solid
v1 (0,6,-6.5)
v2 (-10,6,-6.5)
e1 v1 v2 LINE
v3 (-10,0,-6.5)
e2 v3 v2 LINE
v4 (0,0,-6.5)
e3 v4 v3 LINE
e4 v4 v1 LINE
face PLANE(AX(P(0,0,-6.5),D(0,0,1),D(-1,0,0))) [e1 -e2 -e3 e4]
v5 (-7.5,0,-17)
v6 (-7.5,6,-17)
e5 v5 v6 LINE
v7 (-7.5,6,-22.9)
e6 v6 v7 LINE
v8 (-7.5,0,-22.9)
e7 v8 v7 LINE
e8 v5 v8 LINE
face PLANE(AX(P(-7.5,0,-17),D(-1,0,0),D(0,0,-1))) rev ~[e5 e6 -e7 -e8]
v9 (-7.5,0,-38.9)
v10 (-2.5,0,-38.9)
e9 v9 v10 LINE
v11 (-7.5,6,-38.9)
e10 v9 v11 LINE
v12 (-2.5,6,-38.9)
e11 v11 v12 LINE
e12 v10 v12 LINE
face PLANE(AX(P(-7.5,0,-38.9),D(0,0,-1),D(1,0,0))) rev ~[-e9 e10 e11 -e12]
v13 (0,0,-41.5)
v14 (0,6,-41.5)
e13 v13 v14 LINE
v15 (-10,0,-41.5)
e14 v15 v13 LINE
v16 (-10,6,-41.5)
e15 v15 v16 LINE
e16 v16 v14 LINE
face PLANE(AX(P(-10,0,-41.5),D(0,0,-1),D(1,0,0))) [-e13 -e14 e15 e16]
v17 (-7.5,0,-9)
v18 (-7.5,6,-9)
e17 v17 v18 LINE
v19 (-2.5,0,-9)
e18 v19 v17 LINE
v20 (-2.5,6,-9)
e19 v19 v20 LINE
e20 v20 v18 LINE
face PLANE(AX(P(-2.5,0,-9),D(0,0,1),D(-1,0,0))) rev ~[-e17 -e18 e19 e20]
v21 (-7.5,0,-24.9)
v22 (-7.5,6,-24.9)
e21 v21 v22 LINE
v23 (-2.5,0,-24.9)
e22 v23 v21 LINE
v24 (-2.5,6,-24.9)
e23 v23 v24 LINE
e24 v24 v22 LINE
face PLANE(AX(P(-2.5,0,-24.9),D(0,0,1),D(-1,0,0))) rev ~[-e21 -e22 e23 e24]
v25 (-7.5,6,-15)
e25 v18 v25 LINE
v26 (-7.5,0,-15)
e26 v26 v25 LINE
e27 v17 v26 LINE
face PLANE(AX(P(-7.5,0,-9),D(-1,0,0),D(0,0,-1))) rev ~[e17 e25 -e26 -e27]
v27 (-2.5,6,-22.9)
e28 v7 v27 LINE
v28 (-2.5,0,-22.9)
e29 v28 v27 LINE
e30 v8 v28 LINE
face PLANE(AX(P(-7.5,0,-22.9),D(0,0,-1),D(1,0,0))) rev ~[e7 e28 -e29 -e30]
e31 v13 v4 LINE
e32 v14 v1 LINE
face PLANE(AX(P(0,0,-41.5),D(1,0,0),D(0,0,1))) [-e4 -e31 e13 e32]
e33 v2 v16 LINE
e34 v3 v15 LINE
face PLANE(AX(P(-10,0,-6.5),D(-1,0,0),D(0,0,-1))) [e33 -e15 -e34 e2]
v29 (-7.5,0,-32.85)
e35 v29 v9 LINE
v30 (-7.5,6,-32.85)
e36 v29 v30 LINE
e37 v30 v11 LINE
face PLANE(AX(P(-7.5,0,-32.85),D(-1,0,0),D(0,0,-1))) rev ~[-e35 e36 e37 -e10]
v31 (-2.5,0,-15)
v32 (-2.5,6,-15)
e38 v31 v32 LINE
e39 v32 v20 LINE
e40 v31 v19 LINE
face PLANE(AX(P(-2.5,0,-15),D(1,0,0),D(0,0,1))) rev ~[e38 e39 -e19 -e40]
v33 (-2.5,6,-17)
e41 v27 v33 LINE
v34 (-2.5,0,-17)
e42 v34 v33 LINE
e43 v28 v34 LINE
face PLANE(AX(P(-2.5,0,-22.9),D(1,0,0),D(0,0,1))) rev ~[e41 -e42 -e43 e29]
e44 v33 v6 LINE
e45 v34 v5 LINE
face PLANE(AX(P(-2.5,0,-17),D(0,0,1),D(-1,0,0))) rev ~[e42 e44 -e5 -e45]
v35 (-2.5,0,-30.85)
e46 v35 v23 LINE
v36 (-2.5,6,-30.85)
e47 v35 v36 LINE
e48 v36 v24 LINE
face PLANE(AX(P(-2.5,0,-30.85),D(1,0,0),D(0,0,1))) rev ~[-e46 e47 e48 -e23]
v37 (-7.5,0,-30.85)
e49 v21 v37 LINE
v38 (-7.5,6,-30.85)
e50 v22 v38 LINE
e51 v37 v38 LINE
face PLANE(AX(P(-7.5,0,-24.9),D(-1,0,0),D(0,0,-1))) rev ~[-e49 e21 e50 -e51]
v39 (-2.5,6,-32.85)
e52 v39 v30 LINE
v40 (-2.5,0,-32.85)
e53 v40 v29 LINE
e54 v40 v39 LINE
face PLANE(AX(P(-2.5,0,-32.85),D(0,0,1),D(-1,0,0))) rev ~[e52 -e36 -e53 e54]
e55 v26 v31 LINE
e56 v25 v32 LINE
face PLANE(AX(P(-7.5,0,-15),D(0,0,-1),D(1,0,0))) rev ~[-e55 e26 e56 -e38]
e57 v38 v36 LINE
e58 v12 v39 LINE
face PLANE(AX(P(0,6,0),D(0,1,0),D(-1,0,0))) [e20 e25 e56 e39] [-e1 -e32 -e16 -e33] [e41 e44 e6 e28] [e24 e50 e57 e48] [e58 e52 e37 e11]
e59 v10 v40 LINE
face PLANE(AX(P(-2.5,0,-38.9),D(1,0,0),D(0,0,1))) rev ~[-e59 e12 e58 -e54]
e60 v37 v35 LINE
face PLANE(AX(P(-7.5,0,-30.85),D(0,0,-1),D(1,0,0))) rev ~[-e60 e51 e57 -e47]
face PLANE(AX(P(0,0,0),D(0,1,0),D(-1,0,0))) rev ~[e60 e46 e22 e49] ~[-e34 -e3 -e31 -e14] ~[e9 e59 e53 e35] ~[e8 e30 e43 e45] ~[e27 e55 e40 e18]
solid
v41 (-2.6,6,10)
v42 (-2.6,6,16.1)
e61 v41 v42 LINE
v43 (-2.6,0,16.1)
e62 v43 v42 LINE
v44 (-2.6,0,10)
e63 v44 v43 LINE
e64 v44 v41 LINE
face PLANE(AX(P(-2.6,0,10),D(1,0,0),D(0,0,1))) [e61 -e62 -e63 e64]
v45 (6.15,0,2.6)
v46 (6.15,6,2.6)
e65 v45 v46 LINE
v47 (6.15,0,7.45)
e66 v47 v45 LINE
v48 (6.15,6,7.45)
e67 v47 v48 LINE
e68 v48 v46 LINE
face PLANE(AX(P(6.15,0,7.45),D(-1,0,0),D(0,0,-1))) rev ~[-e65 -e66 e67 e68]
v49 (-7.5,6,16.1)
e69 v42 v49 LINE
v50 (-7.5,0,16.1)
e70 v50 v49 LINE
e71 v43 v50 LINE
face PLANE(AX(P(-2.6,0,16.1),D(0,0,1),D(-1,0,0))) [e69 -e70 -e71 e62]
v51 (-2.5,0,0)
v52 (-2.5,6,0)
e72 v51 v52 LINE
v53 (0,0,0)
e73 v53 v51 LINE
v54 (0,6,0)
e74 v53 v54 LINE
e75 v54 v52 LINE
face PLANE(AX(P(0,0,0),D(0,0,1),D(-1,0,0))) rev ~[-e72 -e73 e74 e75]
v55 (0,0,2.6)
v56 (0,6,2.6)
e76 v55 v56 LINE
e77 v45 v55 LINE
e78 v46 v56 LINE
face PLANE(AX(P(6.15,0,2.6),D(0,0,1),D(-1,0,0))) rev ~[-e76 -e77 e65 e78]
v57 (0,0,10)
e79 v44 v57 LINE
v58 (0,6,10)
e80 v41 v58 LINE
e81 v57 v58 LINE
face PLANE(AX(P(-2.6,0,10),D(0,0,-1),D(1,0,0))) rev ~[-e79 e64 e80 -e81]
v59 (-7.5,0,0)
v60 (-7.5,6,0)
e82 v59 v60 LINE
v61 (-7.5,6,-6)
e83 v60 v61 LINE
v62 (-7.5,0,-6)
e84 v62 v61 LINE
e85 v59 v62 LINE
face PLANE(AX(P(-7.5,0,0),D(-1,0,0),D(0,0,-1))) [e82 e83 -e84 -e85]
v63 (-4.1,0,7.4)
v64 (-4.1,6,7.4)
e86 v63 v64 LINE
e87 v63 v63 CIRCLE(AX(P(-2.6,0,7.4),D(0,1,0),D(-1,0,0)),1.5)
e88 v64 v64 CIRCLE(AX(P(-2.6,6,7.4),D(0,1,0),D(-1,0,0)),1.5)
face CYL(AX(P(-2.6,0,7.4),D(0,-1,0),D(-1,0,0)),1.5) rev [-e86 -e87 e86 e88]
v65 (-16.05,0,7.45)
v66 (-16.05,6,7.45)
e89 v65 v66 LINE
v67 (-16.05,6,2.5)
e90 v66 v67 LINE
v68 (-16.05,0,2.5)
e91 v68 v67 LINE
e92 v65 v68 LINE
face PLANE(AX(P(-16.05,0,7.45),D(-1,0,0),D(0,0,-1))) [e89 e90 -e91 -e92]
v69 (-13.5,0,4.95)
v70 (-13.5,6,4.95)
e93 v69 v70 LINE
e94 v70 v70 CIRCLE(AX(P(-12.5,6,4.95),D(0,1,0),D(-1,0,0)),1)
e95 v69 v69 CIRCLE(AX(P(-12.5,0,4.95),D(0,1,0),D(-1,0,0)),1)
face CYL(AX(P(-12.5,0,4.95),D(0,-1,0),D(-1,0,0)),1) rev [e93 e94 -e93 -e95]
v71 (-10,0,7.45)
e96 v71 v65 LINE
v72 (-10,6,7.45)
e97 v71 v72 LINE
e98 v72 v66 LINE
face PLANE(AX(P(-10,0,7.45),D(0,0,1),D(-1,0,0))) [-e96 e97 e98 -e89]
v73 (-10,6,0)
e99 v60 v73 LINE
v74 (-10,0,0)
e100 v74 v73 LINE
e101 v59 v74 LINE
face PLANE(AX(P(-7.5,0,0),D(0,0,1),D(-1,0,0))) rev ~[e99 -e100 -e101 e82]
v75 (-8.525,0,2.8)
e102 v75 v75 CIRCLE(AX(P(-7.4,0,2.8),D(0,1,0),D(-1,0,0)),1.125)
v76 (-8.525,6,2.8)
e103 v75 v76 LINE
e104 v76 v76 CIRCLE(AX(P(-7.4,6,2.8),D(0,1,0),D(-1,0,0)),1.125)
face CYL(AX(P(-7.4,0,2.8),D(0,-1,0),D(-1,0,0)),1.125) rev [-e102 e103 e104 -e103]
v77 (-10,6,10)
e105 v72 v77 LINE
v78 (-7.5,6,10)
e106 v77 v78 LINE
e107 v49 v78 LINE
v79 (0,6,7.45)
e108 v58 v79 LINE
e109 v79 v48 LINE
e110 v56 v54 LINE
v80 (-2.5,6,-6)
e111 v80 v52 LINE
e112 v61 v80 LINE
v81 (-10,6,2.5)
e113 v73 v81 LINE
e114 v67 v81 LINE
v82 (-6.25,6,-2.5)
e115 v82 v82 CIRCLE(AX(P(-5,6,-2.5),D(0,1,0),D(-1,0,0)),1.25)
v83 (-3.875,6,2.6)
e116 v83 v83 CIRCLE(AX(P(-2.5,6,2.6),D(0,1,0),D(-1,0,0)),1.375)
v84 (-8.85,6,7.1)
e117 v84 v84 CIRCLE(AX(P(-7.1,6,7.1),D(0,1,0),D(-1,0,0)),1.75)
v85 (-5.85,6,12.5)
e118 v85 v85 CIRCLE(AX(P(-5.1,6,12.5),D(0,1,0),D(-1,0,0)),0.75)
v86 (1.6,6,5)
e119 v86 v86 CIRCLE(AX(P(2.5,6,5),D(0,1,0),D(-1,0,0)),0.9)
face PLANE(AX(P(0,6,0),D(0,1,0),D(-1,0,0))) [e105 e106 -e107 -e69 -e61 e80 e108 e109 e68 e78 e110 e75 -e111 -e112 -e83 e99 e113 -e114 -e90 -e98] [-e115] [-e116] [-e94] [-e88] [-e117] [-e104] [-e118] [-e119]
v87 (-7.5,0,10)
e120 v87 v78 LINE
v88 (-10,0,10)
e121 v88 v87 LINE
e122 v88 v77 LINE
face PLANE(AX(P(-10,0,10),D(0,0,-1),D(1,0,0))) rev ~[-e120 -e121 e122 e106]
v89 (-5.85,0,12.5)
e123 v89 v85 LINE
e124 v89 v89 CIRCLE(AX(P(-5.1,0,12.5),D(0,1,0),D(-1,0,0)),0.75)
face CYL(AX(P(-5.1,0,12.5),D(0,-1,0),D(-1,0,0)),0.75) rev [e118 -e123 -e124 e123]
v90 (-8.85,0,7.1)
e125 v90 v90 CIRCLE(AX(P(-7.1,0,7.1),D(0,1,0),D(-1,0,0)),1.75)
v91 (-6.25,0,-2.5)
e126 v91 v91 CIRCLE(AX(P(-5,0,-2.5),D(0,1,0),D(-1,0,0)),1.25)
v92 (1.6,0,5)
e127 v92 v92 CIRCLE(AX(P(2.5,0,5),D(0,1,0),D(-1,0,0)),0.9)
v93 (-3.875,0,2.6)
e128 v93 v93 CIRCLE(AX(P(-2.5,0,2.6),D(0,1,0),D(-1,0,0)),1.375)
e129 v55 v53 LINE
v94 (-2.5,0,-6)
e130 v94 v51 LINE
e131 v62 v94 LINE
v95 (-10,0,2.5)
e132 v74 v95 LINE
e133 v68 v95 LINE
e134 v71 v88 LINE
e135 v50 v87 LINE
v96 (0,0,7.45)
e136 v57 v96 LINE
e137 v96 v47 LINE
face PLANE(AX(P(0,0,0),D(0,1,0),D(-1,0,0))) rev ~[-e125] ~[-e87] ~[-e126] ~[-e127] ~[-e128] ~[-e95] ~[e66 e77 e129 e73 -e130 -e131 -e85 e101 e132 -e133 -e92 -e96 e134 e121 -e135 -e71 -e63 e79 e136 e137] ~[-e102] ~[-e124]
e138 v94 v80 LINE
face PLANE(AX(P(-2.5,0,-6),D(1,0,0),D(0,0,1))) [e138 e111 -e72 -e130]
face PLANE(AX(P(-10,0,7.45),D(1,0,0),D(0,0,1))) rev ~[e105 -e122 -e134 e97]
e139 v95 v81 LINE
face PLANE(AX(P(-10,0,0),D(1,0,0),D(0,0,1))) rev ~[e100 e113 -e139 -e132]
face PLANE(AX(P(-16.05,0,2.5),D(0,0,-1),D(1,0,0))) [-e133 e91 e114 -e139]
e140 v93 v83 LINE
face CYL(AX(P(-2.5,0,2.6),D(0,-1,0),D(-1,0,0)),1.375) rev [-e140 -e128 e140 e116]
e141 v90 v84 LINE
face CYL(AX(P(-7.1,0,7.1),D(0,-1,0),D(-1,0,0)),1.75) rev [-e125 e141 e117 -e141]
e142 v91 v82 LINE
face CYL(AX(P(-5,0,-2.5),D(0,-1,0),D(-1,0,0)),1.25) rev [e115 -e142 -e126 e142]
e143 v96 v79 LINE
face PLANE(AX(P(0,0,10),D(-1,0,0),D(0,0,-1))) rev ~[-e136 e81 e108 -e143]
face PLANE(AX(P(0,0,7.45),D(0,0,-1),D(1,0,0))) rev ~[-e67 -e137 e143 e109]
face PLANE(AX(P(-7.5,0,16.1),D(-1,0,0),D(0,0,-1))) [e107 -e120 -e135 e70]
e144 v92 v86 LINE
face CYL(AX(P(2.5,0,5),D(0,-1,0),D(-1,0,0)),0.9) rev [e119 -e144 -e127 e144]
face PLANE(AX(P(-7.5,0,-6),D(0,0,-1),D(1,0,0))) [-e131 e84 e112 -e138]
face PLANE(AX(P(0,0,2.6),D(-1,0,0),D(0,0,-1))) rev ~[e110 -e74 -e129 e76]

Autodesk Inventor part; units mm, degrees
ref_plane "YZ Plane" through (0, 0, 0) normal (1, 0, 0) x (0, 1, 0)
ref_plane "XZ Plane" through (0, 0, 0) normal (0, 1, 0) x (-1, 0, 0)
ref_plane "XY Plane" through (0, 0, 0) normal (0, 0, 1) x (1, 0, 0)
sketch "Sketch1" plane through (0, 0, 0) normal (0, 1, 0) x (-1, 0, 0)
  line L0 (0, 0) -> (10, 0)
  line L1 (10, 0) -> (10, 10)
  line L2 (10, 10) -> (0, 10)
  line L3 (0, 10) -> (0, 0)
  line L4 (0, -6.5) -> (10, -6.5)
  line L5 (10, -6.5) -> (10, -41.5)
  line L6 (10, -41.5) -> (0, -41.5)
  line L7 (0, -41.5) -> (0, -6.5)
  line L8 (2.5, -9) -> (7.5, -9)
  line L9 (7.5, -9) -> (7.5, -15)
  line L10 (7.5, -15) -> (2.5, -15)
  line L11 (2.5, -15) -> (2.5, -9)
  line L12 (2.5, 0) -> (7.5, 0)
  line L13 (7.5, 0) -> (7.5, -6)
  line L14 (7.5, -6) -> (2.5, -6)
  line L15 (2.5, -6) -> (2.5, 0)
  line L16 (10, 7.45) -> (16.05, 7.45)
  line L17 (16.05, 7.45) -> (16.05, 2.5)
  line L18 (16.05, 2.5) -> (10, 2.5)
  line L19 (10, 2.5) -> (10, 7.45)
  line L20 (7.5, 10) -> (2.6, 10)
  line L21 (2.6, 10) -> (2.6, 16.1)
  line L22 (2.6, 16.1) -> (7.5, 16.1)
  line L23 (7.5, 16.1) -> (7.5, 10)
  line L24 (0, 7.45) -> (-6.15, 7.45)
  line L25 (-6.15, 7.45) -> (-6.15, 2.6)
  line L26 (-6.15, 2.6) -> (0, 2.6)
  line L27 (0, 2.6) -> (0, 7.45)
  circle A0 centre (5.1, 12.5) radius 0.75
  circle A1 centre (-2.5, 5) radius 0.9
  circle A2 centre (12.5, 4.95) radius 1
  circle A3 centre (5, -2.5) radius 1.25
  circle A4 centre (2.6, 7.4) radius 1.5
  circle A5 centre (7.1, 7.1) radius 1.75
  circle A6 centre (7.4, 2.8) radius 1.125
  circle A7 centre (2.5, 2.6) radius 1.375
  line L28 (2.5, -24.9) -> (7.5, -24.9)
  line L29 (7.5, -24.9) -> (7.5, -30.85)
  line L30 (7.5, -30.85) -> (2.5, -30.85)
  line L31 (2.5, -30.85) -> (2.5, -24.9)
  line L32 (2.5, -17) -> (7.5, -17)
  line L33 (7.5, -17) -> (7.5, -22.9)
  line L34 (7.5, -22.9) -> (2.5, -22.9)
  line L35 (2.5, -22.9) -> (2.5, -17)
  line L36 (2.5, -32.85) -> (7.5, -32.85)
  line L37 (7.5, -32.85) -> (7.5, -38.9)
  line L38 (7.5, -38.9) -> (2.5, -38.9)
  line L39 (2.5, -38.9) -> (2.5, -32.85)
  dimension "d0" = 10
  dimension "d1" = 10
  dimension "d2" = 10
  dimension "d3" = 35
  dimension "d4" = 5
  dimension "d5" = 6
  dimension "d6" = 2.5
  dimension "d7" = 2.5
  dimension "d8" = 6.5
  dimension "d9" = 5
  dimension "d10" = 6
  dimension "d11" = 6.05
  dimension "d12" = 4.95
  dimension "d13" = 4.9
  dimension "d14" = 6.1
  dimension "d15" = 6.15
  dimension "d16" = 4.85
  dimension "d17" = 2.5
  dimension "d18" = 2.5
  dimension "d19" = 1.5
  dimension "d20" = 1.8
  dimension "d21" = 2
  dimension "d22" = 2.5
  dimension "d23" = 3
  dimension "d24" = 3.5
  dimension "d25" = 2.25
  dimension "d26" = 2.75
  dimension "d27" = 2.5
  dimension "d28" = 2.5
  dimension "d29" = 2.5
  dimension "d30" = 2.5
  dimension "d31" = 2.5
  dimension "d32" = 2.5
  dimension "d33" = 2.4
  dimension "d34" = 2.5
  dimension "d35" = 2.8
  dimension "d36" = 2.5
  dimension "d37" = 2.6
  dimension "d38" = 2.6
  dimension "d39" = 2.6
  dimension "d40" = 2.9
  dimension "d41" = 2.9
  dimension "d42" = 2.6
  dimension "d45" = 5
  dimension "d46" = 5.95
  dimension "d47" = 5
  dimension "d48" = 5.9
  dimension "d49" = 2
  dimension "d50" = 2
  dimension "d51" = 2
  dimension "d52" = 6.05
extrude "Extrusion1" add sketch "Sketch1" along normal blind 6
properties part number "test"
